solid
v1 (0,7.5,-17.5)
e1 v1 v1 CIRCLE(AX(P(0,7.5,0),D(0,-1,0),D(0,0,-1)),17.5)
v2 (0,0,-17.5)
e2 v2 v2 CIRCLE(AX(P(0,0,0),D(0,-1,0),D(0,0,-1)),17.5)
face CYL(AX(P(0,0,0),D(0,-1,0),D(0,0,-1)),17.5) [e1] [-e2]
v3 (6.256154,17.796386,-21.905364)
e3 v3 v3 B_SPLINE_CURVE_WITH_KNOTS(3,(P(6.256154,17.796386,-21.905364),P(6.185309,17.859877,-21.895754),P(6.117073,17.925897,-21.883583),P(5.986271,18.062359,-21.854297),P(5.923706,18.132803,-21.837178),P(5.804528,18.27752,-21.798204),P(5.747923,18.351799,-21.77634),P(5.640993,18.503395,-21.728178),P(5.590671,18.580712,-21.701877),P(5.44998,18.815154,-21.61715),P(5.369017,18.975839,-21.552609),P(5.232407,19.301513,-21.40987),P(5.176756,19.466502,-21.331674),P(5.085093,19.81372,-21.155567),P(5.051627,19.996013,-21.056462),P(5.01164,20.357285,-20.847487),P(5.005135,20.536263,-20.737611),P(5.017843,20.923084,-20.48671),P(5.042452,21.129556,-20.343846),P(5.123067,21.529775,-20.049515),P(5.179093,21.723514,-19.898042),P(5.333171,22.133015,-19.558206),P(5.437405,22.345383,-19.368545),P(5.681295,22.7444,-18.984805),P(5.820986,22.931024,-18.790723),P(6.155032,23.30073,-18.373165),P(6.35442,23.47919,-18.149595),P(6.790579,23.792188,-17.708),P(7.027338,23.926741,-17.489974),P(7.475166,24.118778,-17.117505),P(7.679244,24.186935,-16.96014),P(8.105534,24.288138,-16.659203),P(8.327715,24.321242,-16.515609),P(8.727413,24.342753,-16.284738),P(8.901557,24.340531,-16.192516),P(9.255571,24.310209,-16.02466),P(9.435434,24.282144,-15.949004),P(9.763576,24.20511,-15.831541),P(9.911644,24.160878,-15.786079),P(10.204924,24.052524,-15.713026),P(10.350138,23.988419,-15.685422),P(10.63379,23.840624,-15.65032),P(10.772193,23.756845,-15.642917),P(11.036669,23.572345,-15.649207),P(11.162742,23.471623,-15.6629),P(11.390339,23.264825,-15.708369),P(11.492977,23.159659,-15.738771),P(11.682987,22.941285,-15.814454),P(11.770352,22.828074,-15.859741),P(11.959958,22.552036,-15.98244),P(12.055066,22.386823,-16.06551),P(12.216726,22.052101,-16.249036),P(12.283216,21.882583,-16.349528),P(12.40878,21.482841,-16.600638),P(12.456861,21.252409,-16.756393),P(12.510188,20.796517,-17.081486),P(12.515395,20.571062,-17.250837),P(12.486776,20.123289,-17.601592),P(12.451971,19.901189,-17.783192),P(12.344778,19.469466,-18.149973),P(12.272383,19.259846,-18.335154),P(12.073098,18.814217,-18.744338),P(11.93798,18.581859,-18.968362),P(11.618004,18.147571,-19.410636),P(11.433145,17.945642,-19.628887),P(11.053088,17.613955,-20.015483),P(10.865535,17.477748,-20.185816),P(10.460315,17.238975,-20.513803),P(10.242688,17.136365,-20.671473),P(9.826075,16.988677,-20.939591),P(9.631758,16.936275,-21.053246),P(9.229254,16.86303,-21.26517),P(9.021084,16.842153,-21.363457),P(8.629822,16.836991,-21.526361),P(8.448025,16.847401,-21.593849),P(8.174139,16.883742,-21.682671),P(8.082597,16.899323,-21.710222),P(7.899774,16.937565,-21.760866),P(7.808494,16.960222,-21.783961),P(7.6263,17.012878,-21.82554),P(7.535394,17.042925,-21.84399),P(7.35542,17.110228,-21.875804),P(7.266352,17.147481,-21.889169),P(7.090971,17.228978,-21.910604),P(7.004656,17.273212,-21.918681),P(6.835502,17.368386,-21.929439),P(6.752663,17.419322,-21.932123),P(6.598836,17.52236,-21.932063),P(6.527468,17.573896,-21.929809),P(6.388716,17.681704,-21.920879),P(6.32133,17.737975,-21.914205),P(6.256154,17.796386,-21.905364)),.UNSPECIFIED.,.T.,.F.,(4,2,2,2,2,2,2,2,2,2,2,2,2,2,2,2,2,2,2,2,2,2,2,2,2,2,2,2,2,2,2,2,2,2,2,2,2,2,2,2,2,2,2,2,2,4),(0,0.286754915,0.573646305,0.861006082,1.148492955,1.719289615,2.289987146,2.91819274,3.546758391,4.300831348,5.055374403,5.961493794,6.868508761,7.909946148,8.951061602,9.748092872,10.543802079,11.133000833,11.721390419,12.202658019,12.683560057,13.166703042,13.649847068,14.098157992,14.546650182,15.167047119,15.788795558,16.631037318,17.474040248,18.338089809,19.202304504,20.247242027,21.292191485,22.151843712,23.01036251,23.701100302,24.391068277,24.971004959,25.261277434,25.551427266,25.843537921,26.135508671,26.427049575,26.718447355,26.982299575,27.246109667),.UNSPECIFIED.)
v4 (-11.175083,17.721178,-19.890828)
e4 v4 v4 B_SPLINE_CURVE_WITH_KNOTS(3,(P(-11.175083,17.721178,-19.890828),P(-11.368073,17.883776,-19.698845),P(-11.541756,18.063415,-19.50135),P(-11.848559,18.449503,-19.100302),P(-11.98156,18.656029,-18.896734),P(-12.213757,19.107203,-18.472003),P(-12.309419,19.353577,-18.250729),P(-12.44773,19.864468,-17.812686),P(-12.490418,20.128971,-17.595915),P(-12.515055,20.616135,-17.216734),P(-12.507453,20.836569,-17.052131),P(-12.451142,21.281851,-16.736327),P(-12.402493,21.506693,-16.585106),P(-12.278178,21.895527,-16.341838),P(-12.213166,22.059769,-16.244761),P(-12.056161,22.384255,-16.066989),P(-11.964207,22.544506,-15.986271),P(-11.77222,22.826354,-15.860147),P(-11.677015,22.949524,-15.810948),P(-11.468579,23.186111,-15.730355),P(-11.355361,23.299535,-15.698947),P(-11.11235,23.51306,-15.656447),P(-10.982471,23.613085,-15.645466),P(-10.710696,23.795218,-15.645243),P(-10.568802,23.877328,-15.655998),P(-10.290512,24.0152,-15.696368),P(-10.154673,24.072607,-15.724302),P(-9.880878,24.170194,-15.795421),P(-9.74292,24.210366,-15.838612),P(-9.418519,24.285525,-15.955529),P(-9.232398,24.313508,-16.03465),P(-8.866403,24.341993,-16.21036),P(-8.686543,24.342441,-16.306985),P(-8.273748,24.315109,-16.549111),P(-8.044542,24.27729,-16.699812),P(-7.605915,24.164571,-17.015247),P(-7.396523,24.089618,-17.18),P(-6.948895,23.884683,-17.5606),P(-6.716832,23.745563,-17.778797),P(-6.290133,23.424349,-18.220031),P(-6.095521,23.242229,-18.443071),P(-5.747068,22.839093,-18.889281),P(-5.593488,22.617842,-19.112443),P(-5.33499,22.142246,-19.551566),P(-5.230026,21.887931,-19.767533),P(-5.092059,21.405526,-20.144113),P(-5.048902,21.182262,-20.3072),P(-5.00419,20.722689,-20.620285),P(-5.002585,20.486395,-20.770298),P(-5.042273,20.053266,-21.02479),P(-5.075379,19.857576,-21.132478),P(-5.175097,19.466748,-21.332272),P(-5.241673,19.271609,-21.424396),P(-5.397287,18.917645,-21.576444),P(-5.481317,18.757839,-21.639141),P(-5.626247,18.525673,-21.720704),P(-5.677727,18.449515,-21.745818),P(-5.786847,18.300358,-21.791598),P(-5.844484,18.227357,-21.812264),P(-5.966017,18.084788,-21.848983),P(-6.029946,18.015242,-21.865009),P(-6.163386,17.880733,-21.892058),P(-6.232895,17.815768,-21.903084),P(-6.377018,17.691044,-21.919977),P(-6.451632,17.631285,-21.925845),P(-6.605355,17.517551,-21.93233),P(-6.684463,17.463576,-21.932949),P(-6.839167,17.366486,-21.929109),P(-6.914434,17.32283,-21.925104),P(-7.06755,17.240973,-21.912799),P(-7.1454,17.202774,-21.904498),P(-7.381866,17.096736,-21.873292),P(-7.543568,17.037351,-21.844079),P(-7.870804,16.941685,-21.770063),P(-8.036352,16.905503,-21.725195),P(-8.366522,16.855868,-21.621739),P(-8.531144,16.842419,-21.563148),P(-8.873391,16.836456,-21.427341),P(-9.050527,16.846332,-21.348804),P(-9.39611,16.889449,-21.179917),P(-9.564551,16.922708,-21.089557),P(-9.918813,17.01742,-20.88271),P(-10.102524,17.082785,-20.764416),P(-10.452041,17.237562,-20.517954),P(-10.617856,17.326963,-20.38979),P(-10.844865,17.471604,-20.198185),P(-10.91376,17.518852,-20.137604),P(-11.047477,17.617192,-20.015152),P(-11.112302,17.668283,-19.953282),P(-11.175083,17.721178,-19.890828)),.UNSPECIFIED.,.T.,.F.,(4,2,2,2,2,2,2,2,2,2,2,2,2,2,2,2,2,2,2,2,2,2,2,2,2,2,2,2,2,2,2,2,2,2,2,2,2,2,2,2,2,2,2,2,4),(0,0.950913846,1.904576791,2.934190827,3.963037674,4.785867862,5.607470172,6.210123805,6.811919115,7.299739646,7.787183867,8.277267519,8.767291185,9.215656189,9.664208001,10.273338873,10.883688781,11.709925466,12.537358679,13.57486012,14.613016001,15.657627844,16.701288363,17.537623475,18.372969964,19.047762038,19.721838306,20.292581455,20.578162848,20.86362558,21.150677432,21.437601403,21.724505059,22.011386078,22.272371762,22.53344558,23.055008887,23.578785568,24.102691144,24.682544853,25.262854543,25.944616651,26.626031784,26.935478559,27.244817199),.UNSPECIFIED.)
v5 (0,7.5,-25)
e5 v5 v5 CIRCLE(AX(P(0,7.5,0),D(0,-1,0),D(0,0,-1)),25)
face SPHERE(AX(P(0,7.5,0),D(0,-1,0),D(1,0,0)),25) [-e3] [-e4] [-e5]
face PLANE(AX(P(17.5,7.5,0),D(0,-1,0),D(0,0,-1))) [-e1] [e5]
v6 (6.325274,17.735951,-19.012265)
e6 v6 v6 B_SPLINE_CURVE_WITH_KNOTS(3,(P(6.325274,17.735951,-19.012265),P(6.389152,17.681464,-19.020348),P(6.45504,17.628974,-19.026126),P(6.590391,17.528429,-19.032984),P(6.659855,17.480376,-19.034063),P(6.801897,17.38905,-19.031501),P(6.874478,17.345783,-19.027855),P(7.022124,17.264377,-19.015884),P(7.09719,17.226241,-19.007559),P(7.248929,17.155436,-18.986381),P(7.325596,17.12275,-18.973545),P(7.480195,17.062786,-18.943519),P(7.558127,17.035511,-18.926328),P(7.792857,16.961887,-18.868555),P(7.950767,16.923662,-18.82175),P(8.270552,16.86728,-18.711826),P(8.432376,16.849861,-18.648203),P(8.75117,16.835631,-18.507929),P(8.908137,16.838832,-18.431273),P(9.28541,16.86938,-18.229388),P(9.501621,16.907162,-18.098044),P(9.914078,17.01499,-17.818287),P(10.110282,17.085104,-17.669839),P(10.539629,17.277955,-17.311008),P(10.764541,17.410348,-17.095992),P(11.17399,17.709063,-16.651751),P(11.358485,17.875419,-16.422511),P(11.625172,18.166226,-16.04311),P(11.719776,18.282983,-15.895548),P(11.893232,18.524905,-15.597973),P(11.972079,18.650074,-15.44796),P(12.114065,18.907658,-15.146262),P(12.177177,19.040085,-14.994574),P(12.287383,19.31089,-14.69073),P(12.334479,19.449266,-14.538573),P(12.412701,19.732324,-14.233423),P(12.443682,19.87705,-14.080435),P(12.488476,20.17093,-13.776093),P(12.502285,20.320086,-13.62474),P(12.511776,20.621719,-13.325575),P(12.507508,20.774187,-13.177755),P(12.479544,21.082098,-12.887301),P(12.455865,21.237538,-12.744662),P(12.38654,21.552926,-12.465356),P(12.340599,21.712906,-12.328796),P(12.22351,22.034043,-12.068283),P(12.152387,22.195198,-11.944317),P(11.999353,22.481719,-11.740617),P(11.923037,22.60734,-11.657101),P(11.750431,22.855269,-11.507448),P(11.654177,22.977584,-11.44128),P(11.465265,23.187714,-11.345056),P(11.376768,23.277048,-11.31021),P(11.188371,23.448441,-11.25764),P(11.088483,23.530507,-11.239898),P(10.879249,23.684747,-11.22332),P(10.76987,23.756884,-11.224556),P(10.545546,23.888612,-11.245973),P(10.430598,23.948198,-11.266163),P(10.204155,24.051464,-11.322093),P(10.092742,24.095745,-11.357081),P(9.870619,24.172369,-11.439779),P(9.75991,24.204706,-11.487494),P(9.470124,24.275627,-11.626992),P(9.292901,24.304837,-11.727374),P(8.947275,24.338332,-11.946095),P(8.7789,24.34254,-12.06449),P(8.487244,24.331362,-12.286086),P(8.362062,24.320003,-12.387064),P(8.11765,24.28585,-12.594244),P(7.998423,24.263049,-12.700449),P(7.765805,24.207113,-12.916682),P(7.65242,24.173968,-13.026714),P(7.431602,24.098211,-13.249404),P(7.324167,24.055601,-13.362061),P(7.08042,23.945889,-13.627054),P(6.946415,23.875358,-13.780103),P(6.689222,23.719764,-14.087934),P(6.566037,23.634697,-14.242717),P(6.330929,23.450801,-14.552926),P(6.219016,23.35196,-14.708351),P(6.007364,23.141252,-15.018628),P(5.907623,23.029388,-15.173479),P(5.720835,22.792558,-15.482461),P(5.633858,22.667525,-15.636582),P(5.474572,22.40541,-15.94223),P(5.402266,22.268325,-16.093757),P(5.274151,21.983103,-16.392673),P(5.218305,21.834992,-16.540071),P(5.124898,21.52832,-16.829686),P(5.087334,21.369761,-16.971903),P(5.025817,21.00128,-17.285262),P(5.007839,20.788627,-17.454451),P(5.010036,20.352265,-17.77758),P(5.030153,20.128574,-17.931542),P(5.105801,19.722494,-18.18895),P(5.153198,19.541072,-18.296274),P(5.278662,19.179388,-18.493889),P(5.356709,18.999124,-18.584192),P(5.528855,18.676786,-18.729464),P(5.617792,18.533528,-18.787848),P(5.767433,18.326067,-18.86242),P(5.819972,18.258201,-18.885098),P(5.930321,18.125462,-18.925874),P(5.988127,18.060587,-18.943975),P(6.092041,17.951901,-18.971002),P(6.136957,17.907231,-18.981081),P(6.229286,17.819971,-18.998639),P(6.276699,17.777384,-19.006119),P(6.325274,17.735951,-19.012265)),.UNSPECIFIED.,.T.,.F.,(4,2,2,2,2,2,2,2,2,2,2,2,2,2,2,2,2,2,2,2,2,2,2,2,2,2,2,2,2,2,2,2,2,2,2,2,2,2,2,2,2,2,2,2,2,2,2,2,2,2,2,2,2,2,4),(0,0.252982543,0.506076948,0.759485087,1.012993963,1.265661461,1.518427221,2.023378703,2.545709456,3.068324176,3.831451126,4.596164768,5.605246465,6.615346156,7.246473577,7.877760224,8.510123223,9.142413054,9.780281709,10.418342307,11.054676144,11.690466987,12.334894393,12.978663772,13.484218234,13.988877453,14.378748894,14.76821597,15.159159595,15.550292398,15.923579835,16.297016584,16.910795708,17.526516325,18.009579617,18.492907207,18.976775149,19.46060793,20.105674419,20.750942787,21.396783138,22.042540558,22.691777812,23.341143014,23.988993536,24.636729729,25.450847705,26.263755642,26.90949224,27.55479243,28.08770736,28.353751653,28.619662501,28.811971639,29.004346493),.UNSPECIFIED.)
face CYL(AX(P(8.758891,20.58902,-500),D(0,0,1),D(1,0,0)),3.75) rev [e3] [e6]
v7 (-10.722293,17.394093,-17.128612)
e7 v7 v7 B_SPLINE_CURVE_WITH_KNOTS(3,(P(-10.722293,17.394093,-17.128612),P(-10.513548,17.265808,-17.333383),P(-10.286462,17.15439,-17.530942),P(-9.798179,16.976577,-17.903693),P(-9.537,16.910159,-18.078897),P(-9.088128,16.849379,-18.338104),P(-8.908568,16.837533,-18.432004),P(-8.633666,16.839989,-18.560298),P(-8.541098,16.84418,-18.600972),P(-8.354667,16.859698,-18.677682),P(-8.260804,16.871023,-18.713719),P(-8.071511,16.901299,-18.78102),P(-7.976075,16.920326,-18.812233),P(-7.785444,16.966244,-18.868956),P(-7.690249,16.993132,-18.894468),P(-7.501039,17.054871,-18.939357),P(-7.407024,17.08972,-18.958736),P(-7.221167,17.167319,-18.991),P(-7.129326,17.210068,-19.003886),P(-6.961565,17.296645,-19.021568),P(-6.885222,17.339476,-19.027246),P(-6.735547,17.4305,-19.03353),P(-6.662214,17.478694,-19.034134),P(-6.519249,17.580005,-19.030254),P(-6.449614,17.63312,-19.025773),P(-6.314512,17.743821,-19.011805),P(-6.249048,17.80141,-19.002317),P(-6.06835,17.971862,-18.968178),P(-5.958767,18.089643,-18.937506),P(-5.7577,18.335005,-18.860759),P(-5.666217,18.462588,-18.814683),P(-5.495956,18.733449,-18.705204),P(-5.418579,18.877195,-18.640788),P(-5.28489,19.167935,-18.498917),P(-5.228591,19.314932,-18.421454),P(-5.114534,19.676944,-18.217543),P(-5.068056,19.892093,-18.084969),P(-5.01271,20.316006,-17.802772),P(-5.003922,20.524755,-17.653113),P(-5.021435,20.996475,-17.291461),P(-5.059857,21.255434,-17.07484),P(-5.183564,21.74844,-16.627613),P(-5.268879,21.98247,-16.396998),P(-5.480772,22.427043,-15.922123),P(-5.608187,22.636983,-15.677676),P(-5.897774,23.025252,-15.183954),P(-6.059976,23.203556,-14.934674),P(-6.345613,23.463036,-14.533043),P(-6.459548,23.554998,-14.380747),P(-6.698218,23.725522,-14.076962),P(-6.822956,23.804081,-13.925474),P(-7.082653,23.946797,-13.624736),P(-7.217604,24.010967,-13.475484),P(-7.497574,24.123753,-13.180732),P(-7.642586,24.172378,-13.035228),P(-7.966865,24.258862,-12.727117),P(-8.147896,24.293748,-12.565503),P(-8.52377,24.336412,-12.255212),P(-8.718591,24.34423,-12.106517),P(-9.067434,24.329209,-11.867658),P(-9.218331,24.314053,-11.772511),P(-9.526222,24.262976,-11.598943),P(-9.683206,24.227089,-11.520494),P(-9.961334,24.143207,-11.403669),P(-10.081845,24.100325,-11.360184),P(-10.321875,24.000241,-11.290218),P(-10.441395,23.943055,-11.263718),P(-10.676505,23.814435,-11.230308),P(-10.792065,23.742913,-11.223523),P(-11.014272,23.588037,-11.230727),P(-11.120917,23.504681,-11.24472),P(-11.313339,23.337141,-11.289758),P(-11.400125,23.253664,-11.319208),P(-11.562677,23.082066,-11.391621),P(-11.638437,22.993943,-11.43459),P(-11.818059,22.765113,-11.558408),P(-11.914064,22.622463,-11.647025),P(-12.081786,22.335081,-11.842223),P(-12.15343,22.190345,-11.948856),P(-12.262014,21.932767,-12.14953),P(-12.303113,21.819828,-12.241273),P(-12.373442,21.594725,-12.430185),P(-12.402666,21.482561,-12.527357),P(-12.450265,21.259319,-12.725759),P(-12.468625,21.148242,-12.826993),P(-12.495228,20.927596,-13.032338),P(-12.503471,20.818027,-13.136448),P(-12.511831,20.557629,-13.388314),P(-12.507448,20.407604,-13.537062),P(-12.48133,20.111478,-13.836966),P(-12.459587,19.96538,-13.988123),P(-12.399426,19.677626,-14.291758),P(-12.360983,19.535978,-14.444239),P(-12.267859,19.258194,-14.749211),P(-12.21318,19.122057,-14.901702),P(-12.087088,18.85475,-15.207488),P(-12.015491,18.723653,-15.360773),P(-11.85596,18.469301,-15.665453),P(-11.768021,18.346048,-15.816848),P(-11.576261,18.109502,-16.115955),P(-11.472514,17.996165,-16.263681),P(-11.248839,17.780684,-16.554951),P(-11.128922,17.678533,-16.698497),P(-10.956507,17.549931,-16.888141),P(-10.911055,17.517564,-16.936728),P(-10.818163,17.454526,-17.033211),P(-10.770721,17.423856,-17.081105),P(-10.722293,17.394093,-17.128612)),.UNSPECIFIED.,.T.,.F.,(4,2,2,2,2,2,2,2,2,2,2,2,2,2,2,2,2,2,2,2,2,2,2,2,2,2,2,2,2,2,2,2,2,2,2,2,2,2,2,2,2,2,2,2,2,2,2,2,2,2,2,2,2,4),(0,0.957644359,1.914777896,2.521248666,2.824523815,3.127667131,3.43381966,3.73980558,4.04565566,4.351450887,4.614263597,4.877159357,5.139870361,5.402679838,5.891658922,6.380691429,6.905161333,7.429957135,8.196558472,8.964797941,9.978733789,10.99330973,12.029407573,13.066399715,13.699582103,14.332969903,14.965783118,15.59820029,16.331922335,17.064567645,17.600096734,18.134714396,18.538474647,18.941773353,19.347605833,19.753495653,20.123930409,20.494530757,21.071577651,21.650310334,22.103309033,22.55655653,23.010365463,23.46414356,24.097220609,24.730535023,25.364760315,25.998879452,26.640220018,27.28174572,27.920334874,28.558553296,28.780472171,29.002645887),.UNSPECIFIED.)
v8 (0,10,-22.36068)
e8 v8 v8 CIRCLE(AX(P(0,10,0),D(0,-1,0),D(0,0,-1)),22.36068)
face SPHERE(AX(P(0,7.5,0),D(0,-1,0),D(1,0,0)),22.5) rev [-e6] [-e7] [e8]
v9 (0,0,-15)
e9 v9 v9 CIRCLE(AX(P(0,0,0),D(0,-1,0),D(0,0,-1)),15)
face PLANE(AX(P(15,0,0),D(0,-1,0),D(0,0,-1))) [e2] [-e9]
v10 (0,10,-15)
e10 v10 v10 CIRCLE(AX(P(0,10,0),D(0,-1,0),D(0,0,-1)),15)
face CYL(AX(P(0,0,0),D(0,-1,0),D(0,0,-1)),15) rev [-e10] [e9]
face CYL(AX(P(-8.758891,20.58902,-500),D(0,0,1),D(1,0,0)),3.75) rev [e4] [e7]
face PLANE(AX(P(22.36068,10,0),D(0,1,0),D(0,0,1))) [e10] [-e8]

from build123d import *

# Parameters (mm, degrees)
SKETCH2_R          = 3.75
CUT_EXTRUDE1_DEPTH = 500


with BuildPart() as part:
    # Sketch1 → Revolve1 (revolve)
    with BuildSketch(Plane.XY, mode=Mode.PRIVATE) as revolve1_sk:
        with BuildLine():
            Line((17.5, 0), (17.5, 7.5))
            Line((17.5, 7.5), (25, 7.5))
            ThreePointArc((25, 7.5), (17.67766953, 25.17766953), (0, 32.5))
            Line((0, 32.5), (0, 30))
            ThreePointArc((0, 30), (15, 24.270509831), (22.360679775, 10))
            Line((22.360679775, 10), (15, 10))
            Line((15, 10), (15, 0))
            Line((15, 0), (17.5, 0))
        make_face()
    revolve(revolve1_sk.sketch.rotate(Axis((0, 0, 0), (0, 1, 0)), 90), axis=Axis((0, 0, 0), (0, 1, 0)))

    # Sketch2 → Cut-Extrude1 (cut)
    with BuildSketch(Plane.XY):
        with Locations(Location((8.758891379, 20.589020037, 0), (0, 0, 229.536406865))):
            Circle(SKETCH2_R)
        with Locations(Location((-8.758891379, 20.589020037, 0), (0, 0, 238.427728908))):
            Circle(SKETCH2_R)
    extrude(amount=-CUT_EXTRUDE1_DEPTH, mode=Mode.SUBTRACT)


solid = part.part
